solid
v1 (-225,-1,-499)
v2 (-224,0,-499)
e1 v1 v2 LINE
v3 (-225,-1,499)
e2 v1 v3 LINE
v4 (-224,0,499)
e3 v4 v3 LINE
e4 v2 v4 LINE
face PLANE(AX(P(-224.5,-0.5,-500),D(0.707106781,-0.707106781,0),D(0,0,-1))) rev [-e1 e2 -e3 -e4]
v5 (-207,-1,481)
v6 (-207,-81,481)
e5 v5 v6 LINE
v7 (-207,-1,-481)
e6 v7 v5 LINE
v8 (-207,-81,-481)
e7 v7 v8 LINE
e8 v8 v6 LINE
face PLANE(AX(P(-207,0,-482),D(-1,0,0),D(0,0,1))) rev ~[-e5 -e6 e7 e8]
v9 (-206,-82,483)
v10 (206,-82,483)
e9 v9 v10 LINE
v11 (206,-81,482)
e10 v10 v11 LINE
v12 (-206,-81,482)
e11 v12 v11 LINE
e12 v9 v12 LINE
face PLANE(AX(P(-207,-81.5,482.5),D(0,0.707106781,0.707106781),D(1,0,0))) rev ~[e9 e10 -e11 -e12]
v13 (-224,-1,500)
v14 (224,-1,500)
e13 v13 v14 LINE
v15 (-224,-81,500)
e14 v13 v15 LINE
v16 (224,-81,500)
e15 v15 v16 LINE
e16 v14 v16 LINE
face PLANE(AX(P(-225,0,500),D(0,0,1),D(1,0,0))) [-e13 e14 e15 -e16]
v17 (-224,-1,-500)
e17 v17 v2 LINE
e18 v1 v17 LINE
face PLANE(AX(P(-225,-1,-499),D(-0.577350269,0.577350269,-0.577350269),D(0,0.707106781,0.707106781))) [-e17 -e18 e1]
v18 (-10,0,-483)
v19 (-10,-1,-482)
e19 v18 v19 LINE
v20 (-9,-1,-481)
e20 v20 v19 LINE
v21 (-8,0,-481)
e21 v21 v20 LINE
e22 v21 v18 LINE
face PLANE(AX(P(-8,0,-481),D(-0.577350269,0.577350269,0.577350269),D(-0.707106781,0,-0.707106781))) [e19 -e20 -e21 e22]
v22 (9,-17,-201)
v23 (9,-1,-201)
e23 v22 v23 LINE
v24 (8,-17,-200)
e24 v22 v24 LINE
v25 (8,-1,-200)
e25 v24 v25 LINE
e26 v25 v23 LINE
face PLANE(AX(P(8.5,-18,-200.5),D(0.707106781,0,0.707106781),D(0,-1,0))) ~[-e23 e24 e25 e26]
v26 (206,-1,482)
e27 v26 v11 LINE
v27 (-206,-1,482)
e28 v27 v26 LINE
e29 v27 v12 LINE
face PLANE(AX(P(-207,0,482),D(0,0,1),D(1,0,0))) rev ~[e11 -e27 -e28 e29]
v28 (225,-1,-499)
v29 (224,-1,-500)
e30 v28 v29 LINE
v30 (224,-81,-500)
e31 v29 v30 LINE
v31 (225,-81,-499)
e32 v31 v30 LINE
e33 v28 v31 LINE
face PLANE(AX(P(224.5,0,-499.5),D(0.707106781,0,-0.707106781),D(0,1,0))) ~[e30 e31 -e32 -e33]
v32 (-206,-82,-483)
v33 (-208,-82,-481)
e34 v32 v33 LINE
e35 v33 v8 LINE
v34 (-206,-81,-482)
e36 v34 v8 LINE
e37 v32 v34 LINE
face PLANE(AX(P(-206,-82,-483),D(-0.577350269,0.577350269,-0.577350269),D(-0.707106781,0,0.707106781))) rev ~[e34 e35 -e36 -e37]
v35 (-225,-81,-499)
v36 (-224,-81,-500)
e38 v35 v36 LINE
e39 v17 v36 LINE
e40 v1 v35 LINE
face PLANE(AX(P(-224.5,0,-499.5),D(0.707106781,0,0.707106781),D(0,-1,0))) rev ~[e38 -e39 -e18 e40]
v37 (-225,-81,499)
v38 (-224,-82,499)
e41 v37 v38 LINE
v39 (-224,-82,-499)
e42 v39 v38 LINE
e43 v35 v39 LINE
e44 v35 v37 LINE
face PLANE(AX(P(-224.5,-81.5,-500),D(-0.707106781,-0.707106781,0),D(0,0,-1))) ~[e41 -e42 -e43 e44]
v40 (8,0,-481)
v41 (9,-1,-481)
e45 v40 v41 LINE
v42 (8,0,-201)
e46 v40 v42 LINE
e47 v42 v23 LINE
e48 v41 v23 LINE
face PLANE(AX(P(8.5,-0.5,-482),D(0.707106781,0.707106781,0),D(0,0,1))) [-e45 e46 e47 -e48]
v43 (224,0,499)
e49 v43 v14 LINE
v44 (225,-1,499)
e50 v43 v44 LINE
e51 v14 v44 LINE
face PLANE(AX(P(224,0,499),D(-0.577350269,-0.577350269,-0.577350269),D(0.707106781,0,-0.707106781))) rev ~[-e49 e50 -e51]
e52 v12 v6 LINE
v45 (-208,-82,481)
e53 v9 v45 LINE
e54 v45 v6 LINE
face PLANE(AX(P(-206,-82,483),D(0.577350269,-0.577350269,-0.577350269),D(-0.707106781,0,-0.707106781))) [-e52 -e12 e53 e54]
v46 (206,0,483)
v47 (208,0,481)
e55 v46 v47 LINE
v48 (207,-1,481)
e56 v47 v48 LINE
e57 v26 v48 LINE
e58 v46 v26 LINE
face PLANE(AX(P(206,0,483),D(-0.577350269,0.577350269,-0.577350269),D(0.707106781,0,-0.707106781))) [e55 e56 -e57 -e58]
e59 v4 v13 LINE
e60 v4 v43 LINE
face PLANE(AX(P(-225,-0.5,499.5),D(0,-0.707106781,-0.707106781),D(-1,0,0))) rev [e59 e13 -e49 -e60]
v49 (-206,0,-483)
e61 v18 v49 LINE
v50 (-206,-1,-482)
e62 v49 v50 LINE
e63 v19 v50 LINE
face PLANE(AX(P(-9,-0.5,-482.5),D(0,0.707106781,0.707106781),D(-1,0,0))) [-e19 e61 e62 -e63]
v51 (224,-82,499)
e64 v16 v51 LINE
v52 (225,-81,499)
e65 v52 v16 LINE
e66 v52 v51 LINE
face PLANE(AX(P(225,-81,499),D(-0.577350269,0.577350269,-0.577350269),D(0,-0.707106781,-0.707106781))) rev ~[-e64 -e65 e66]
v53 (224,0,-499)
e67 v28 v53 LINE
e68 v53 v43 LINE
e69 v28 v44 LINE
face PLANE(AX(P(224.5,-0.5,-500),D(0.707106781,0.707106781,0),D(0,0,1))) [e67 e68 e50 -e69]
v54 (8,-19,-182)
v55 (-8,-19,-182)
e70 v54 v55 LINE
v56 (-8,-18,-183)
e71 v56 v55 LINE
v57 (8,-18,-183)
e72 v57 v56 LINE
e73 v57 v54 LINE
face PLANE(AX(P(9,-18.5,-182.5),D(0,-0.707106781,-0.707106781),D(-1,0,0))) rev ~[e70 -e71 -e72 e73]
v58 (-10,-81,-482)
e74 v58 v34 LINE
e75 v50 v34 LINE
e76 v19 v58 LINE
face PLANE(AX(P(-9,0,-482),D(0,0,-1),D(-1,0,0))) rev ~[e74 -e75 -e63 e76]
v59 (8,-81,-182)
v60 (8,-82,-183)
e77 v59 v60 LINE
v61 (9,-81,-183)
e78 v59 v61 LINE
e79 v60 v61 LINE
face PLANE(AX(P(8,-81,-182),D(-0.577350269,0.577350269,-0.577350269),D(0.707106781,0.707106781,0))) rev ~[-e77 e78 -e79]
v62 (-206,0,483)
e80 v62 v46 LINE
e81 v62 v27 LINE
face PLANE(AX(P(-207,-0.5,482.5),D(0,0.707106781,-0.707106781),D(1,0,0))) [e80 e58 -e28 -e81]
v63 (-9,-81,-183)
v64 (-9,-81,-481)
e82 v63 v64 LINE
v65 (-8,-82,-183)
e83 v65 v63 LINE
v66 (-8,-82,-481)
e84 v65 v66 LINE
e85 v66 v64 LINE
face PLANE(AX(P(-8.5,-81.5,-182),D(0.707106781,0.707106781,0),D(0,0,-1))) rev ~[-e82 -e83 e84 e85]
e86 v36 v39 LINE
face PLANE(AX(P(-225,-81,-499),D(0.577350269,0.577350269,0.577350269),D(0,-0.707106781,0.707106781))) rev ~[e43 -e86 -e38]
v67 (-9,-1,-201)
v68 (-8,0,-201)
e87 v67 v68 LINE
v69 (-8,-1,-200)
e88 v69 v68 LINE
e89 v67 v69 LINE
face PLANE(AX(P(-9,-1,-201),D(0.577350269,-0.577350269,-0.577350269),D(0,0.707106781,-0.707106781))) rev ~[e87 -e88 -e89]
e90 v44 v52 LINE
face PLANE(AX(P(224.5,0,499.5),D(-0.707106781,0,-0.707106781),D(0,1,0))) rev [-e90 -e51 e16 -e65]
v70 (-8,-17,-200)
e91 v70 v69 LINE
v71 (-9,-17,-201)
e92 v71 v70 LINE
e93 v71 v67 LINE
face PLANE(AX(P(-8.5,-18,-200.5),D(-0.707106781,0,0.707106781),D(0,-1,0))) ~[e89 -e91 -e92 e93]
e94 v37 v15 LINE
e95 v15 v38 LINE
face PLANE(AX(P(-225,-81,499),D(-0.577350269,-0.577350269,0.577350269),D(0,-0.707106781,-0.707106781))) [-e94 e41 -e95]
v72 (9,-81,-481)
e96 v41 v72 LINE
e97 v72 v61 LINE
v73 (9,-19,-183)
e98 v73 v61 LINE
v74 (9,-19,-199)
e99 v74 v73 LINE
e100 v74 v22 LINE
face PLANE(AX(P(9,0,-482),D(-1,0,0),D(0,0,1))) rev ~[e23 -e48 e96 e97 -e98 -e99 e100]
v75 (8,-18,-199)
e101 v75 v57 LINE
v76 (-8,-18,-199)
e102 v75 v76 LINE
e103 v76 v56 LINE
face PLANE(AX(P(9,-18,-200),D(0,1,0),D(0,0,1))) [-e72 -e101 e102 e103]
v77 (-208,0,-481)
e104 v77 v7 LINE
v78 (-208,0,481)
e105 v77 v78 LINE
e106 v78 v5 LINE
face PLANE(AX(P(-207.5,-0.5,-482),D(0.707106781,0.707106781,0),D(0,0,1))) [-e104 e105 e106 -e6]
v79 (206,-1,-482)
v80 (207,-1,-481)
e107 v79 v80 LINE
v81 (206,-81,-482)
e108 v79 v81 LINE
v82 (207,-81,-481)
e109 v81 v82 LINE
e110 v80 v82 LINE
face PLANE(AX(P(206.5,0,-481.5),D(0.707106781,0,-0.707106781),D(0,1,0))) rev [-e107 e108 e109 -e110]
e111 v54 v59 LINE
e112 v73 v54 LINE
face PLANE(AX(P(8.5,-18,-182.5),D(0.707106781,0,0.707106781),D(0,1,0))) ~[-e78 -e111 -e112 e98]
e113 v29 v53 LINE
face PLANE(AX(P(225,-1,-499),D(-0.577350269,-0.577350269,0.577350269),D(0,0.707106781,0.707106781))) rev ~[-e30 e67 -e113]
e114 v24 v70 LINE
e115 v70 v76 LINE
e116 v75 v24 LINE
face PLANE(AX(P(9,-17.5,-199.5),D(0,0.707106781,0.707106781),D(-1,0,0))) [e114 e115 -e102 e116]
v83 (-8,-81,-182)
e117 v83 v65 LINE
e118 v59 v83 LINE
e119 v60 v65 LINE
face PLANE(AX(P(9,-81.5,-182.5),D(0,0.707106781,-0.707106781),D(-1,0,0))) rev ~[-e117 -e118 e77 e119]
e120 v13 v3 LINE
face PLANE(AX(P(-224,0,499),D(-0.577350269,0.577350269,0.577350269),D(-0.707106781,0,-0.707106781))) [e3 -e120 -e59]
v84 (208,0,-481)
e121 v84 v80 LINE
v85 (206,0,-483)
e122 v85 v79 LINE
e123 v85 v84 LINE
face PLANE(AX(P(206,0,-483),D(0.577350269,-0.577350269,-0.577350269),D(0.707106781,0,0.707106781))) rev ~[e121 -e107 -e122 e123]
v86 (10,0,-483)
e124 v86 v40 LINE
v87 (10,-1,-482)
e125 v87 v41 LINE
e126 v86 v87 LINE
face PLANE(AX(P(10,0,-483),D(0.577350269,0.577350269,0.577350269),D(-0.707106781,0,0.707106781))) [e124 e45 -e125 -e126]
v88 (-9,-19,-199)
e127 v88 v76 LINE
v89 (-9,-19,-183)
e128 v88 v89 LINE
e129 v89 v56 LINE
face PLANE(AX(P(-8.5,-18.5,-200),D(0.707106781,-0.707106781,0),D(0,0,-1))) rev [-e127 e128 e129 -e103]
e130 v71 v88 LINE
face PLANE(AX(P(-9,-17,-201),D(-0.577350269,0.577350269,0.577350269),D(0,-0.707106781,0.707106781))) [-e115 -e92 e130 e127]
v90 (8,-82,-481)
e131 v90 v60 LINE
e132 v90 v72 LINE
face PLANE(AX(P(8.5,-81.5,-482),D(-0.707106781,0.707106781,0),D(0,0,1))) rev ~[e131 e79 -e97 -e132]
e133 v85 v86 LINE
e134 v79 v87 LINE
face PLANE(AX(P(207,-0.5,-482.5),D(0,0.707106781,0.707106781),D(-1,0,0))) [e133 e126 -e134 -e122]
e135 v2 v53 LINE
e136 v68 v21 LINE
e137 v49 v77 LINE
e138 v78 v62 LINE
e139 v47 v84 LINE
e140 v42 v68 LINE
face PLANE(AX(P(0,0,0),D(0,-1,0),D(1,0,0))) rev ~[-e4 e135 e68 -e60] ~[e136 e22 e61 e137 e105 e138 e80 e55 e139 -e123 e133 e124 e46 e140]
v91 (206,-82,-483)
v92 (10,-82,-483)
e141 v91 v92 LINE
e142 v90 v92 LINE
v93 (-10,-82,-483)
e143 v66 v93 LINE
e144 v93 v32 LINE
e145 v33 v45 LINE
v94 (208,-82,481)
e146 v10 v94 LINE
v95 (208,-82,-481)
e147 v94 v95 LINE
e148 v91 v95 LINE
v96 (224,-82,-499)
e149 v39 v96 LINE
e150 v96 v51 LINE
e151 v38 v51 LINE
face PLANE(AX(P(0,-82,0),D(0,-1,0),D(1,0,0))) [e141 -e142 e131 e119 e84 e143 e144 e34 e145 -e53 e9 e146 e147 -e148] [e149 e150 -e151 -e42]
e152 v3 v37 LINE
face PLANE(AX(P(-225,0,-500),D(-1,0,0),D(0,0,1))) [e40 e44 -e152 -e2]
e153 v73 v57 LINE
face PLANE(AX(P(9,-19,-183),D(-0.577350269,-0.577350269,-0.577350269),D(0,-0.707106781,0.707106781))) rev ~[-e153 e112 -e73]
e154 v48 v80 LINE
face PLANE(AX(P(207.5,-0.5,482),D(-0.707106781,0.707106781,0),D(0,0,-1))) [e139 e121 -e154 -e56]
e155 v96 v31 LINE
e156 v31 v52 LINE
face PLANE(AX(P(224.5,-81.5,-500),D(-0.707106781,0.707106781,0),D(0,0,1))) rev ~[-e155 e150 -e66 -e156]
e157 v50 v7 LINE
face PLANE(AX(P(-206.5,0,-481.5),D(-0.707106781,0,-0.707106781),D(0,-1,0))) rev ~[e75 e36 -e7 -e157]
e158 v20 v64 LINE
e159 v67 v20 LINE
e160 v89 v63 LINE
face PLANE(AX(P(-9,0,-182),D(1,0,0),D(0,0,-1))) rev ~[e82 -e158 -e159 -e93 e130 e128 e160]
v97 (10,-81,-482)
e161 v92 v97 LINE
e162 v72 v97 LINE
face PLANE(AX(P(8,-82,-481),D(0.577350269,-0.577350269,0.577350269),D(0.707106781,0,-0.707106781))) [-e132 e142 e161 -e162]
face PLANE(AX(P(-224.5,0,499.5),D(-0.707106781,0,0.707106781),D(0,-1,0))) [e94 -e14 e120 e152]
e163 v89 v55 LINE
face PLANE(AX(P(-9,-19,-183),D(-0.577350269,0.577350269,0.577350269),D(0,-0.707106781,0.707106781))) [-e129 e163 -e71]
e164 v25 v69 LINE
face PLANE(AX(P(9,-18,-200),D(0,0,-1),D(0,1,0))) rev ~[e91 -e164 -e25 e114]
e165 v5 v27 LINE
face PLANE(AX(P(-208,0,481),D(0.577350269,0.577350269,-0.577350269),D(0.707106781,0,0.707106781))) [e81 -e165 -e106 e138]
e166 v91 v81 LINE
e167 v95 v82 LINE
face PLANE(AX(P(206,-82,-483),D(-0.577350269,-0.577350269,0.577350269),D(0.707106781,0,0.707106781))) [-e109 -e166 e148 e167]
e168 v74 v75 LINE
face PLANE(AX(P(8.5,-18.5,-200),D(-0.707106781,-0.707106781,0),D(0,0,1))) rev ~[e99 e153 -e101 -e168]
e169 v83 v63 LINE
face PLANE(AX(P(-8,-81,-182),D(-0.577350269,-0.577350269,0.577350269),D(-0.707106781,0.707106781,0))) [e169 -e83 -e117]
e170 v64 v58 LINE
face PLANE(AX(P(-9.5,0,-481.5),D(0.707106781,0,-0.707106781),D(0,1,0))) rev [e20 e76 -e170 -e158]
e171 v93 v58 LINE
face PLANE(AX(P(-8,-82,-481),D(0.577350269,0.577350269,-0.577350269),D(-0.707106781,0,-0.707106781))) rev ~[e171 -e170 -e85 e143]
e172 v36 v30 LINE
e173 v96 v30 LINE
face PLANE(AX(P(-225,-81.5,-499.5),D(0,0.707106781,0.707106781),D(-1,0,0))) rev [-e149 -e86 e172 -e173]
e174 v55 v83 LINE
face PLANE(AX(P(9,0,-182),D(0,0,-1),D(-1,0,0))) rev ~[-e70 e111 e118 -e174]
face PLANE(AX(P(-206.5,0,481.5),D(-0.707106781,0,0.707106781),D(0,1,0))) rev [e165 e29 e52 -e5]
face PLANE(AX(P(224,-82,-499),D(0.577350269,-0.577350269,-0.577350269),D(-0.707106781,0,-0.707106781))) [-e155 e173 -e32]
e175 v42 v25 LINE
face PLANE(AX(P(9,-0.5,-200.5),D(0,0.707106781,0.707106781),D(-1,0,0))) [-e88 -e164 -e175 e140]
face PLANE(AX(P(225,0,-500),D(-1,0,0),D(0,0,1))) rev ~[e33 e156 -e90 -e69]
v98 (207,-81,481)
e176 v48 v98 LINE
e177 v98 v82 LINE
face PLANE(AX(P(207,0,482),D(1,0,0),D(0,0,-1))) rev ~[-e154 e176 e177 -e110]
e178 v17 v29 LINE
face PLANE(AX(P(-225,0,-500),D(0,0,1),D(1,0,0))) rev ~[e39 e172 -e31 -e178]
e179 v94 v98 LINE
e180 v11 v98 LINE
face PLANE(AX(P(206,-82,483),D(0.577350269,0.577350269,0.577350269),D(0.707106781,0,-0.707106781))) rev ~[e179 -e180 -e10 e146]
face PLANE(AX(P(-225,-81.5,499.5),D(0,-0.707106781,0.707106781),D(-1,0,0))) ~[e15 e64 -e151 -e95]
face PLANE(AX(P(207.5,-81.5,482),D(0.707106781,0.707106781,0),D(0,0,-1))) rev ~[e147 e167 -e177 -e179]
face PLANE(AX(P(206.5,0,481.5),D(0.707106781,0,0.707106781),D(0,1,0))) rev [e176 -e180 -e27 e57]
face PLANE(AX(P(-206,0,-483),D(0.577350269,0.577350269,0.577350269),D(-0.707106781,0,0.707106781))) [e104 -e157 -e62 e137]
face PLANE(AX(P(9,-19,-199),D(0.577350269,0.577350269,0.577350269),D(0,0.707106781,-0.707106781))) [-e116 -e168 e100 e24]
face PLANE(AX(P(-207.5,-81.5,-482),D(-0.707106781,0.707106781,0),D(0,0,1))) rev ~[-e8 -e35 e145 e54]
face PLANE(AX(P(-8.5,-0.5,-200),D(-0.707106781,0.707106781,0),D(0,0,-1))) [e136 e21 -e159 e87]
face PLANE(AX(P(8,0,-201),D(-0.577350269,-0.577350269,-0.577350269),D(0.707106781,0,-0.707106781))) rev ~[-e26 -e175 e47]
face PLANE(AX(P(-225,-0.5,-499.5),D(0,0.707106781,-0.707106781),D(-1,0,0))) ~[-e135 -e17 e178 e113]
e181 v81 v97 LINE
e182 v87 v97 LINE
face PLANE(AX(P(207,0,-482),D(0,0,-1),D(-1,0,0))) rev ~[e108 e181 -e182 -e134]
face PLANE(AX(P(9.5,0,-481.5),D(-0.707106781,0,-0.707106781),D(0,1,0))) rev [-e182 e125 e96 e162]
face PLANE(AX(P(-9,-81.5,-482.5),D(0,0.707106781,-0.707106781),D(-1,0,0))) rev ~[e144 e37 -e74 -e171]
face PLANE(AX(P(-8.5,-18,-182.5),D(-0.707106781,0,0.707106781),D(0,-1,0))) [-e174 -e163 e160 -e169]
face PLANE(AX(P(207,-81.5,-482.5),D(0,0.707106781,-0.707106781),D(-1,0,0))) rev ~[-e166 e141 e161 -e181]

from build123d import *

# Parameters (mm, degrees)
F0_W     = 450
F0_H     = 1000
F1_DEPTH = 82
F2_W     = 18
F2_H     = 18
F3_DEPTH = 25
F4_SIZE  = 1


with BuildPart() as f1:
    # F0 (on Front) → F1 (new body)
    with BuildSketch(Plane.XZ):
        Rectangle(F0_W, F0_H)
        Polygon((-207, 482), (207, 482), (207, -482), (9, -482), (9, -182), (-9, -182), (-9, -482), (-207, -482), align=None, mode=Mode.SUBTRACT)
    extrude(amount=F1_DEPTH)

    # F2 (on face) → F3 (cut)
    with BuildSketch(Plane.YZ.offset(9)):
        with Locations((-9, -191)):
            Rectangle(F2_W, F2_H)
    extrude(amount=-F3_DEPTH, mode=Mode.SUBTRACT)

    # F4
    f4_edges = [f1.edges().sort_by_distance(p)[0] for p in [
        (0, -82, 500),
        (0, 0, -500),
        (-225, -41, 500),
        (225, -41, 500),
        (225, -41, -500),
        (9, -41, -482),
        (-207, -41, -482),
        (0, 0, 500),
        (9, -82, -332),
        (225, 0, 0),
        (-108, 0, -482),
        (225, -82, 0),
        (0, 0, 482),
        (108, 0, -482),
        (207, 0, 0),
        (9, -9, -200),
        (0, -82, -500),
        (-225, -41, -500),
        (207, -41, 482),
        (-207, -41, 482),
        (207, -41, -482),
        (-9, -41, -482),
        (0, 0, -200),
        (0, -18, -182),
        (-9, -82, -332),
        (0, -82, -182),
        (-225, 0, 0),
        (-225, -82, 0),
        (-108, -82, -482),
        (0, -18, -200),
        (0, -82, 482),
        (108, -82, -482),
        (207, -82, 0),
        (-207, 0, 0),
        (-207, -82, 0),
        (9, -18, -191),
        (-9, -9, -200),
        (-9, -18, -191),
        (-9, 0, -341),
        (9, 0, -341),
        (9, -50, -182),
        (-9, -50, -182),
    ]]
    chamfer(f4_edges, length=F4_SIZE)


solid = f1.part
